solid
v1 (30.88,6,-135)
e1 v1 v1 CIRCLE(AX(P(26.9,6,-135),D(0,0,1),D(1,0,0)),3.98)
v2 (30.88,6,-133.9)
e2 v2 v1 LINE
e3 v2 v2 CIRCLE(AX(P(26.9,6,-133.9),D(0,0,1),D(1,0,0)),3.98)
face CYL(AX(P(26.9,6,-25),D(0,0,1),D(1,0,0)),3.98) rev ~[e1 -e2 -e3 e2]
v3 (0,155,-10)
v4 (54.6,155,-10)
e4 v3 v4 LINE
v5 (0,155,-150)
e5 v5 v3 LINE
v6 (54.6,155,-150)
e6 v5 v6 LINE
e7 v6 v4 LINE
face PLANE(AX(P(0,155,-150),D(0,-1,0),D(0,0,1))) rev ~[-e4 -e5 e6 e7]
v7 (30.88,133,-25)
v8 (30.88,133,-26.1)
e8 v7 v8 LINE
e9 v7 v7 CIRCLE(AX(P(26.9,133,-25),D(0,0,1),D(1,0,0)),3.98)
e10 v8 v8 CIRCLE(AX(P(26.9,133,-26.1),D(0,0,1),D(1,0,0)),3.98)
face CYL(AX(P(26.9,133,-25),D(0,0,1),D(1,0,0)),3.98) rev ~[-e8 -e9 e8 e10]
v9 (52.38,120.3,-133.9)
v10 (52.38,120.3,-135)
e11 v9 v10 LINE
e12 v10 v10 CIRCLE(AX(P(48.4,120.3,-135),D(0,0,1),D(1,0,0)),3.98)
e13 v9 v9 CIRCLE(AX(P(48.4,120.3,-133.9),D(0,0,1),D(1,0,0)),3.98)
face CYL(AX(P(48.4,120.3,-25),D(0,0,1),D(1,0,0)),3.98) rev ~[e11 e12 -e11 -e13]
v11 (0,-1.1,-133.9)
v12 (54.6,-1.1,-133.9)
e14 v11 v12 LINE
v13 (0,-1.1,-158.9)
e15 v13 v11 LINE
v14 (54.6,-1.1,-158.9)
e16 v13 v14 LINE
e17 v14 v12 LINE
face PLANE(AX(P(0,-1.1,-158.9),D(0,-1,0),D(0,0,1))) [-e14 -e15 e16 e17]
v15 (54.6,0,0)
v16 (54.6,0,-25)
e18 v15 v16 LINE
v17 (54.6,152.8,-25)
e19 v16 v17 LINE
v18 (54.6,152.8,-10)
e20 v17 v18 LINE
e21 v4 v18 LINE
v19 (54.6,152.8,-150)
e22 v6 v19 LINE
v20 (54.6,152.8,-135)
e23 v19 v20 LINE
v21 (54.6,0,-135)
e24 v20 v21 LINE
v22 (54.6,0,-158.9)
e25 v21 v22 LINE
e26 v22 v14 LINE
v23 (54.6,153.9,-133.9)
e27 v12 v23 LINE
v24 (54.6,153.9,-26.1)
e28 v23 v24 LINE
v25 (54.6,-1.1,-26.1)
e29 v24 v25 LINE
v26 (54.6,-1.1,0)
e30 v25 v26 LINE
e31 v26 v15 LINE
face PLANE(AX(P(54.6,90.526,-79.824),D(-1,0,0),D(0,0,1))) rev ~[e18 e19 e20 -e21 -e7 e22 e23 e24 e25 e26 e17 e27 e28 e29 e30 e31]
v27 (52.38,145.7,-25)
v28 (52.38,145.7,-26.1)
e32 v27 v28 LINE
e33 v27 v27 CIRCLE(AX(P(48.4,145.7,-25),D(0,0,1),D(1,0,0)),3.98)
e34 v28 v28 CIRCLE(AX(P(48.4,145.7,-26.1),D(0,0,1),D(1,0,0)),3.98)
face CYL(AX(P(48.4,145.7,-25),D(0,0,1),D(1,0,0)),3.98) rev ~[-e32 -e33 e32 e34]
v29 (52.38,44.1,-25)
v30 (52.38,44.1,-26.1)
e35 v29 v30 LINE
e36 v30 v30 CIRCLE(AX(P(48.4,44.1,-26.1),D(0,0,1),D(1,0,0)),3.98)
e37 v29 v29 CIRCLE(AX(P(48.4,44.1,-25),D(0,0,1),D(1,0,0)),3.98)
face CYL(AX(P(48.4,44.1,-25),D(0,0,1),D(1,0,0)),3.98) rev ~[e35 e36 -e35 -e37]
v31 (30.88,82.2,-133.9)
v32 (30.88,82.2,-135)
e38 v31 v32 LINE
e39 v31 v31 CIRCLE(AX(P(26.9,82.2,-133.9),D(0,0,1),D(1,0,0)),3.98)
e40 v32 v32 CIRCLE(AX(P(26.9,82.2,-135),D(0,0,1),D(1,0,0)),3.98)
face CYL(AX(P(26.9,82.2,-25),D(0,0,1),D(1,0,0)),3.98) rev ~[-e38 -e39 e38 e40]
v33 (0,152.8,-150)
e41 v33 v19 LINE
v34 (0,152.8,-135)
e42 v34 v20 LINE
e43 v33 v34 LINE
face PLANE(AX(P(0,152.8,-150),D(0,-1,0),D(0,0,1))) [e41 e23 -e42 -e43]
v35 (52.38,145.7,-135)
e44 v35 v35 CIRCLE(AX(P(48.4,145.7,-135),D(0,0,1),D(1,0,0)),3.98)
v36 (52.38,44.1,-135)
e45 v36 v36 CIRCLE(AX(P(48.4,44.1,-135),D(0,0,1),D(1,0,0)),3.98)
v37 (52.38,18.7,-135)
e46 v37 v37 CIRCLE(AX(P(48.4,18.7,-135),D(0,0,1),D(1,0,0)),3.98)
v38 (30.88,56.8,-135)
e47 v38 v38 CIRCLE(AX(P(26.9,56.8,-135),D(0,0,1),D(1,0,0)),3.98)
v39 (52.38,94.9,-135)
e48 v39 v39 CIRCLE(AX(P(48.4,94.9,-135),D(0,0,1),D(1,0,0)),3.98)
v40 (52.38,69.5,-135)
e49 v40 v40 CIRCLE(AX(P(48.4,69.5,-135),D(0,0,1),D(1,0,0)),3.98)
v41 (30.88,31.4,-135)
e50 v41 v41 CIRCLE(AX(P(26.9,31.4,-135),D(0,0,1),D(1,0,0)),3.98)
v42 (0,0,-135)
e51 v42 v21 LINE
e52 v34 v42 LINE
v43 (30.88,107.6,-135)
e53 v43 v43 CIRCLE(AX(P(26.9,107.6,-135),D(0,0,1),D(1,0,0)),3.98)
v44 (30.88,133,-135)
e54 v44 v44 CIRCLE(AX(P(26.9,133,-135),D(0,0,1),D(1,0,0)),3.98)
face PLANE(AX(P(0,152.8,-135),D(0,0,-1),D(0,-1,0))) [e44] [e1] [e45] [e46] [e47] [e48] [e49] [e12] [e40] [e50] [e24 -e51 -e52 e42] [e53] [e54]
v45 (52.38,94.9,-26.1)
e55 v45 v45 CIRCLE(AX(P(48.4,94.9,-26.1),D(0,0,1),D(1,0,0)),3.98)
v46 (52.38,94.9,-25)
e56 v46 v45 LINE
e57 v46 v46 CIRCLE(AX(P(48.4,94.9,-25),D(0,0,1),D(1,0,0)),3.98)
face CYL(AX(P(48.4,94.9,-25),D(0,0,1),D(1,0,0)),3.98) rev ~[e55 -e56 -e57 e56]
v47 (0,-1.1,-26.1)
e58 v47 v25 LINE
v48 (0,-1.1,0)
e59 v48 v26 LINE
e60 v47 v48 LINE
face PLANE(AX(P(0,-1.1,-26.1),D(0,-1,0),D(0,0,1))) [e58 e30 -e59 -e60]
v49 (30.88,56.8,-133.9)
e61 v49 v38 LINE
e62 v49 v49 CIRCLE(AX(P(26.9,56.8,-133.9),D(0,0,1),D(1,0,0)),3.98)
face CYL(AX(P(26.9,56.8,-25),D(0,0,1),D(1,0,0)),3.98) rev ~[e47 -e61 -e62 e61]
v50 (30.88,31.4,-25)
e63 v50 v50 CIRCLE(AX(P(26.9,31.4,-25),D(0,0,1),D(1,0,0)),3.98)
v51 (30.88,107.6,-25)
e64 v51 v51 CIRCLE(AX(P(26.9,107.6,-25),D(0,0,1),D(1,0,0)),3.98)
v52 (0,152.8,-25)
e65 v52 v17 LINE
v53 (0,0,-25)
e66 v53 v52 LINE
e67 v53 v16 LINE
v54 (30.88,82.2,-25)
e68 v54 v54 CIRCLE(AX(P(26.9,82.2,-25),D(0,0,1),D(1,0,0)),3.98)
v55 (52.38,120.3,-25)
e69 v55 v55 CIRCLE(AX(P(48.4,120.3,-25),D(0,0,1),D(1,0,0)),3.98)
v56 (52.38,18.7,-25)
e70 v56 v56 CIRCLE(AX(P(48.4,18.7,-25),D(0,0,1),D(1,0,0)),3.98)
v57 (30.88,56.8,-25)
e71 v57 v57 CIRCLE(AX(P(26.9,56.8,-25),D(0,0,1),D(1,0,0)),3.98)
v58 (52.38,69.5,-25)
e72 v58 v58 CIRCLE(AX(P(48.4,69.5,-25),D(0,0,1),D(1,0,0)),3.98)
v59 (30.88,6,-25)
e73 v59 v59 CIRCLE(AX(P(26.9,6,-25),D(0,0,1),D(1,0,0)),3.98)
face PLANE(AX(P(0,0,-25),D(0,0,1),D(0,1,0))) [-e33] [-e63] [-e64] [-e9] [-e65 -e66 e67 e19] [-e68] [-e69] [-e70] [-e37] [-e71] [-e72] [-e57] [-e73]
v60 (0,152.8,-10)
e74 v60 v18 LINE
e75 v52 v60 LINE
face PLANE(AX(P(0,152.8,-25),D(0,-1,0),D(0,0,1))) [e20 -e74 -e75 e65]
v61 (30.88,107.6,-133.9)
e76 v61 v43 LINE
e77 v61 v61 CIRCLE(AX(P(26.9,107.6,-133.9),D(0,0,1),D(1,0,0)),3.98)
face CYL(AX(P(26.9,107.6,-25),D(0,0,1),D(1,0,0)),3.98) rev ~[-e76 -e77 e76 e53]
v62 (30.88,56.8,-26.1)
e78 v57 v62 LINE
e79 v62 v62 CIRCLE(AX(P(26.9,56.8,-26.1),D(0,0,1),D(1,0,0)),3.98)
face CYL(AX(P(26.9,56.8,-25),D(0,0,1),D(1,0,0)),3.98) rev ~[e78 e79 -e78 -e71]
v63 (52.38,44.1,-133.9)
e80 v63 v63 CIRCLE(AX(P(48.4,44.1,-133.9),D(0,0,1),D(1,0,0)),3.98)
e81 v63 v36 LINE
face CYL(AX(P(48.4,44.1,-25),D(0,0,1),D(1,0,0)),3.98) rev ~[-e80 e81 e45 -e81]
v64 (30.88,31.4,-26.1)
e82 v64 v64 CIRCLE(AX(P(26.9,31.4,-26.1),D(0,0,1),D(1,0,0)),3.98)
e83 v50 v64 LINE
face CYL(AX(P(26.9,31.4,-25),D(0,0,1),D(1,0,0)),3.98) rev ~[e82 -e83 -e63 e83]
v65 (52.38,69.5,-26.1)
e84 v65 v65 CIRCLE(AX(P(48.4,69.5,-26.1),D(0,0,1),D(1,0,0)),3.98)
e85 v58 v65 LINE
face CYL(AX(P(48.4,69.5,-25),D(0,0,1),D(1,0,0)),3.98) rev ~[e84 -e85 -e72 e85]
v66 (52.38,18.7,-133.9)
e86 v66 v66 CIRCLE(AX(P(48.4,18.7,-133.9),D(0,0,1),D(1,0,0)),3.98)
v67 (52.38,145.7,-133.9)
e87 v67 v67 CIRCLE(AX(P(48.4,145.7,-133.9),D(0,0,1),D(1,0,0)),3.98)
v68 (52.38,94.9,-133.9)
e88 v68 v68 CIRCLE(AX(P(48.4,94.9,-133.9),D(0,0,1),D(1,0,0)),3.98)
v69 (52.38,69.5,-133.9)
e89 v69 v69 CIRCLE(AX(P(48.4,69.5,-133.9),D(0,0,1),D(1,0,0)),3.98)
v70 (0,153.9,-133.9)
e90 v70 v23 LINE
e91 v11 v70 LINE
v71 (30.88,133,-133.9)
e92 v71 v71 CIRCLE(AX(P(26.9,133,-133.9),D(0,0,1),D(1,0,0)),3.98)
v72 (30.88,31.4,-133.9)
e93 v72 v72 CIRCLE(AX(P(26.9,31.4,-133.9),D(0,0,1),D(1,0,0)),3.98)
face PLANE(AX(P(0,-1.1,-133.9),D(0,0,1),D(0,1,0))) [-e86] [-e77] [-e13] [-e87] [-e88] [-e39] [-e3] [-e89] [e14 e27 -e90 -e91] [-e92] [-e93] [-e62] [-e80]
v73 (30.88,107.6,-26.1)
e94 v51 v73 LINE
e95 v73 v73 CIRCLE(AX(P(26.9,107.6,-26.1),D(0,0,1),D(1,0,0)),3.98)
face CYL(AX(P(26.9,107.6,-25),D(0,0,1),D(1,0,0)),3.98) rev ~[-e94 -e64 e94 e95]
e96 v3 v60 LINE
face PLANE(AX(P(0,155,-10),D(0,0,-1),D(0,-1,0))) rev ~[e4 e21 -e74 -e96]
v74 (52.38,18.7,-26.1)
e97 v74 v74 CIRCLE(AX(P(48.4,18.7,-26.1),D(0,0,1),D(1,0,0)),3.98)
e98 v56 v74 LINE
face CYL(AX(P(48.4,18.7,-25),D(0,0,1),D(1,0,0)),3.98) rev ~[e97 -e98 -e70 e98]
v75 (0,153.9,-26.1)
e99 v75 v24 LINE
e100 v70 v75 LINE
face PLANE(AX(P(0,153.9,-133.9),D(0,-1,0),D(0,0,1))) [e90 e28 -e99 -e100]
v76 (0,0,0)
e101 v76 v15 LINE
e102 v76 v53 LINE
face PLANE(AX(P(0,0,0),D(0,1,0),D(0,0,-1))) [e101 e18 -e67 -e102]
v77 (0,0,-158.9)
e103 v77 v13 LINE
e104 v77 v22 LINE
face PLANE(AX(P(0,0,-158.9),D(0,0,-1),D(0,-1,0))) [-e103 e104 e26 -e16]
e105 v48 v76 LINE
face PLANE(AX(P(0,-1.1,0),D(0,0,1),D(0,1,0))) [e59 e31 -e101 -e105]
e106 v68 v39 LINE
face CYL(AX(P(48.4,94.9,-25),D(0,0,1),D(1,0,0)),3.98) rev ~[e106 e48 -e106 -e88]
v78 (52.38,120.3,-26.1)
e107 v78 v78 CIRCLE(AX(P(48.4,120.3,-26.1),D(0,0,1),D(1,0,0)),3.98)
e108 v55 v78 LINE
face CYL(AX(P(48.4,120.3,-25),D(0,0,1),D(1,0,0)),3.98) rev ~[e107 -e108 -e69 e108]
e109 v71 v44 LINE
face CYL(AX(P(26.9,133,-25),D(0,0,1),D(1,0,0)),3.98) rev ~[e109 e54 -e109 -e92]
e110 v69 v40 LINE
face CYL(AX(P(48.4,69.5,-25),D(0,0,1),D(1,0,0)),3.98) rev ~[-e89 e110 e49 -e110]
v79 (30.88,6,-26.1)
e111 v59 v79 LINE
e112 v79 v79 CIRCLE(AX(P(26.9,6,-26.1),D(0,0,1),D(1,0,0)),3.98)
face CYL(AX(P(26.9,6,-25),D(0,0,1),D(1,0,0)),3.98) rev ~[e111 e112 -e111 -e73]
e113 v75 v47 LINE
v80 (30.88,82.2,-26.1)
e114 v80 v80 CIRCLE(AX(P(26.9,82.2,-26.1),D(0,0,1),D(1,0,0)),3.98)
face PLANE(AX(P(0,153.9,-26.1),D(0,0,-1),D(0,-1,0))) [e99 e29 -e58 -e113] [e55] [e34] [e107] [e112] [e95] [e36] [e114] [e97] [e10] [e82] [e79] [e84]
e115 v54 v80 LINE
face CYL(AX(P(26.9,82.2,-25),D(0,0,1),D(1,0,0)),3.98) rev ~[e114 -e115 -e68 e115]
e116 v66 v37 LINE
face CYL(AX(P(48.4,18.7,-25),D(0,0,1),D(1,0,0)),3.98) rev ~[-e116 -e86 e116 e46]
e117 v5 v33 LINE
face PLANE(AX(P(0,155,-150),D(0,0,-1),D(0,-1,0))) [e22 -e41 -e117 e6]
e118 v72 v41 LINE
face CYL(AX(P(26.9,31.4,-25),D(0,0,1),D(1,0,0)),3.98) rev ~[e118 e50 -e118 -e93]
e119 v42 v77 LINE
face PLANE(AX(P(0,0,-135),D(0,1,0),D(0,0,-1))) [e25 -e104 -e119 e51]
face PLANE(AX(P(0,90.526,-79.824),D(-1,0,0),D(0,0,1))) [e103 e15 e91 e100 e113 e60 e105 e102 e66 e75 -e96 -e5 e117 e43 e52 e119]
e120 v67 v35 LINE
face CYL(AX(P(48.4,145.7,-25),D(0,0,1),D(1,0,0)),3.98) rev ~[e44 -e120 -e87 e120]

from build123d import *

# Parameters (mm, degrees)
RESSALTO_EXTRUS_O1_DEPTH = 54.6
ESBO_O2_R                = 3.98
CORTE_EXTRUS_O1_DEPTH    = 212.979645249


with BuildPart() as part:
    # Esboço1 → Ressalto-extrusão1 (new body)
    with BuildSketch(Plane(origin=(0, 0, 0), x_dir=(0, 0, -1), z_dir=(1, 0, 0))):
        Polygon((0, 0), (25, 0), (25, 152.8), (10, 152.8), (10, 153.9), (10, 155), (26.1, 155), (133.9, 155), (150, 155), (150, 152.8), (135, 152.8), (135, 0), (158.9, 0), (158.9, -1.1), (133.9, -1.1), (133.9, 153.9), (26.1, 153.9), (26.1, -1.1), (0, -1.1), align=None)
    extrude(amount=RESSALTO_EXTRUS_O1_DEPTH)

    # Esboço2 → Corte-extrusão1 (cut, through all)
    with BuildSketch(Plane.XY.offset(-25)):
        with Locations((26.9, 6)):
            Circle(ESBO_O2_R)
        with Locations((48.4, 18.7)):
            Circle(ESBO_O2_R)
        with Locations((26.9, 31.4)):
            Circle(ESBO_O2_R)
        with Locations((48.4, 44.1)):
            Circle(ESBO_O2_R)
        with Locations((26.9, 56.8)):
            Circle(ESBO_O2_R)
        with Locations((48.4, 69.5)):
            Circle(ESBO_O2_R)
        with Locations((26.9, 82.2)):
            Circle(ESBO_O2_R)
        with Locations((48.4, 94.9)):
            Circle(ESBO_O2_R)
        with Locations((26.9, 107.6)):
            Circle(ESBO_O2_R)
        with Locations((48.4, 120.3)):
            Circle(ESBO_O2_R)
        with Locations((26.9, 133)):
            Circle(ESBO_O2_R)
        with Locations((48.4, 145.7)):
            Circle(ESBO_O2_R)
    extrude(amount=-CORTE_EXTRUS_O1_DEPTH, mode=Mode.SUBTRACT)


solid = part.part
